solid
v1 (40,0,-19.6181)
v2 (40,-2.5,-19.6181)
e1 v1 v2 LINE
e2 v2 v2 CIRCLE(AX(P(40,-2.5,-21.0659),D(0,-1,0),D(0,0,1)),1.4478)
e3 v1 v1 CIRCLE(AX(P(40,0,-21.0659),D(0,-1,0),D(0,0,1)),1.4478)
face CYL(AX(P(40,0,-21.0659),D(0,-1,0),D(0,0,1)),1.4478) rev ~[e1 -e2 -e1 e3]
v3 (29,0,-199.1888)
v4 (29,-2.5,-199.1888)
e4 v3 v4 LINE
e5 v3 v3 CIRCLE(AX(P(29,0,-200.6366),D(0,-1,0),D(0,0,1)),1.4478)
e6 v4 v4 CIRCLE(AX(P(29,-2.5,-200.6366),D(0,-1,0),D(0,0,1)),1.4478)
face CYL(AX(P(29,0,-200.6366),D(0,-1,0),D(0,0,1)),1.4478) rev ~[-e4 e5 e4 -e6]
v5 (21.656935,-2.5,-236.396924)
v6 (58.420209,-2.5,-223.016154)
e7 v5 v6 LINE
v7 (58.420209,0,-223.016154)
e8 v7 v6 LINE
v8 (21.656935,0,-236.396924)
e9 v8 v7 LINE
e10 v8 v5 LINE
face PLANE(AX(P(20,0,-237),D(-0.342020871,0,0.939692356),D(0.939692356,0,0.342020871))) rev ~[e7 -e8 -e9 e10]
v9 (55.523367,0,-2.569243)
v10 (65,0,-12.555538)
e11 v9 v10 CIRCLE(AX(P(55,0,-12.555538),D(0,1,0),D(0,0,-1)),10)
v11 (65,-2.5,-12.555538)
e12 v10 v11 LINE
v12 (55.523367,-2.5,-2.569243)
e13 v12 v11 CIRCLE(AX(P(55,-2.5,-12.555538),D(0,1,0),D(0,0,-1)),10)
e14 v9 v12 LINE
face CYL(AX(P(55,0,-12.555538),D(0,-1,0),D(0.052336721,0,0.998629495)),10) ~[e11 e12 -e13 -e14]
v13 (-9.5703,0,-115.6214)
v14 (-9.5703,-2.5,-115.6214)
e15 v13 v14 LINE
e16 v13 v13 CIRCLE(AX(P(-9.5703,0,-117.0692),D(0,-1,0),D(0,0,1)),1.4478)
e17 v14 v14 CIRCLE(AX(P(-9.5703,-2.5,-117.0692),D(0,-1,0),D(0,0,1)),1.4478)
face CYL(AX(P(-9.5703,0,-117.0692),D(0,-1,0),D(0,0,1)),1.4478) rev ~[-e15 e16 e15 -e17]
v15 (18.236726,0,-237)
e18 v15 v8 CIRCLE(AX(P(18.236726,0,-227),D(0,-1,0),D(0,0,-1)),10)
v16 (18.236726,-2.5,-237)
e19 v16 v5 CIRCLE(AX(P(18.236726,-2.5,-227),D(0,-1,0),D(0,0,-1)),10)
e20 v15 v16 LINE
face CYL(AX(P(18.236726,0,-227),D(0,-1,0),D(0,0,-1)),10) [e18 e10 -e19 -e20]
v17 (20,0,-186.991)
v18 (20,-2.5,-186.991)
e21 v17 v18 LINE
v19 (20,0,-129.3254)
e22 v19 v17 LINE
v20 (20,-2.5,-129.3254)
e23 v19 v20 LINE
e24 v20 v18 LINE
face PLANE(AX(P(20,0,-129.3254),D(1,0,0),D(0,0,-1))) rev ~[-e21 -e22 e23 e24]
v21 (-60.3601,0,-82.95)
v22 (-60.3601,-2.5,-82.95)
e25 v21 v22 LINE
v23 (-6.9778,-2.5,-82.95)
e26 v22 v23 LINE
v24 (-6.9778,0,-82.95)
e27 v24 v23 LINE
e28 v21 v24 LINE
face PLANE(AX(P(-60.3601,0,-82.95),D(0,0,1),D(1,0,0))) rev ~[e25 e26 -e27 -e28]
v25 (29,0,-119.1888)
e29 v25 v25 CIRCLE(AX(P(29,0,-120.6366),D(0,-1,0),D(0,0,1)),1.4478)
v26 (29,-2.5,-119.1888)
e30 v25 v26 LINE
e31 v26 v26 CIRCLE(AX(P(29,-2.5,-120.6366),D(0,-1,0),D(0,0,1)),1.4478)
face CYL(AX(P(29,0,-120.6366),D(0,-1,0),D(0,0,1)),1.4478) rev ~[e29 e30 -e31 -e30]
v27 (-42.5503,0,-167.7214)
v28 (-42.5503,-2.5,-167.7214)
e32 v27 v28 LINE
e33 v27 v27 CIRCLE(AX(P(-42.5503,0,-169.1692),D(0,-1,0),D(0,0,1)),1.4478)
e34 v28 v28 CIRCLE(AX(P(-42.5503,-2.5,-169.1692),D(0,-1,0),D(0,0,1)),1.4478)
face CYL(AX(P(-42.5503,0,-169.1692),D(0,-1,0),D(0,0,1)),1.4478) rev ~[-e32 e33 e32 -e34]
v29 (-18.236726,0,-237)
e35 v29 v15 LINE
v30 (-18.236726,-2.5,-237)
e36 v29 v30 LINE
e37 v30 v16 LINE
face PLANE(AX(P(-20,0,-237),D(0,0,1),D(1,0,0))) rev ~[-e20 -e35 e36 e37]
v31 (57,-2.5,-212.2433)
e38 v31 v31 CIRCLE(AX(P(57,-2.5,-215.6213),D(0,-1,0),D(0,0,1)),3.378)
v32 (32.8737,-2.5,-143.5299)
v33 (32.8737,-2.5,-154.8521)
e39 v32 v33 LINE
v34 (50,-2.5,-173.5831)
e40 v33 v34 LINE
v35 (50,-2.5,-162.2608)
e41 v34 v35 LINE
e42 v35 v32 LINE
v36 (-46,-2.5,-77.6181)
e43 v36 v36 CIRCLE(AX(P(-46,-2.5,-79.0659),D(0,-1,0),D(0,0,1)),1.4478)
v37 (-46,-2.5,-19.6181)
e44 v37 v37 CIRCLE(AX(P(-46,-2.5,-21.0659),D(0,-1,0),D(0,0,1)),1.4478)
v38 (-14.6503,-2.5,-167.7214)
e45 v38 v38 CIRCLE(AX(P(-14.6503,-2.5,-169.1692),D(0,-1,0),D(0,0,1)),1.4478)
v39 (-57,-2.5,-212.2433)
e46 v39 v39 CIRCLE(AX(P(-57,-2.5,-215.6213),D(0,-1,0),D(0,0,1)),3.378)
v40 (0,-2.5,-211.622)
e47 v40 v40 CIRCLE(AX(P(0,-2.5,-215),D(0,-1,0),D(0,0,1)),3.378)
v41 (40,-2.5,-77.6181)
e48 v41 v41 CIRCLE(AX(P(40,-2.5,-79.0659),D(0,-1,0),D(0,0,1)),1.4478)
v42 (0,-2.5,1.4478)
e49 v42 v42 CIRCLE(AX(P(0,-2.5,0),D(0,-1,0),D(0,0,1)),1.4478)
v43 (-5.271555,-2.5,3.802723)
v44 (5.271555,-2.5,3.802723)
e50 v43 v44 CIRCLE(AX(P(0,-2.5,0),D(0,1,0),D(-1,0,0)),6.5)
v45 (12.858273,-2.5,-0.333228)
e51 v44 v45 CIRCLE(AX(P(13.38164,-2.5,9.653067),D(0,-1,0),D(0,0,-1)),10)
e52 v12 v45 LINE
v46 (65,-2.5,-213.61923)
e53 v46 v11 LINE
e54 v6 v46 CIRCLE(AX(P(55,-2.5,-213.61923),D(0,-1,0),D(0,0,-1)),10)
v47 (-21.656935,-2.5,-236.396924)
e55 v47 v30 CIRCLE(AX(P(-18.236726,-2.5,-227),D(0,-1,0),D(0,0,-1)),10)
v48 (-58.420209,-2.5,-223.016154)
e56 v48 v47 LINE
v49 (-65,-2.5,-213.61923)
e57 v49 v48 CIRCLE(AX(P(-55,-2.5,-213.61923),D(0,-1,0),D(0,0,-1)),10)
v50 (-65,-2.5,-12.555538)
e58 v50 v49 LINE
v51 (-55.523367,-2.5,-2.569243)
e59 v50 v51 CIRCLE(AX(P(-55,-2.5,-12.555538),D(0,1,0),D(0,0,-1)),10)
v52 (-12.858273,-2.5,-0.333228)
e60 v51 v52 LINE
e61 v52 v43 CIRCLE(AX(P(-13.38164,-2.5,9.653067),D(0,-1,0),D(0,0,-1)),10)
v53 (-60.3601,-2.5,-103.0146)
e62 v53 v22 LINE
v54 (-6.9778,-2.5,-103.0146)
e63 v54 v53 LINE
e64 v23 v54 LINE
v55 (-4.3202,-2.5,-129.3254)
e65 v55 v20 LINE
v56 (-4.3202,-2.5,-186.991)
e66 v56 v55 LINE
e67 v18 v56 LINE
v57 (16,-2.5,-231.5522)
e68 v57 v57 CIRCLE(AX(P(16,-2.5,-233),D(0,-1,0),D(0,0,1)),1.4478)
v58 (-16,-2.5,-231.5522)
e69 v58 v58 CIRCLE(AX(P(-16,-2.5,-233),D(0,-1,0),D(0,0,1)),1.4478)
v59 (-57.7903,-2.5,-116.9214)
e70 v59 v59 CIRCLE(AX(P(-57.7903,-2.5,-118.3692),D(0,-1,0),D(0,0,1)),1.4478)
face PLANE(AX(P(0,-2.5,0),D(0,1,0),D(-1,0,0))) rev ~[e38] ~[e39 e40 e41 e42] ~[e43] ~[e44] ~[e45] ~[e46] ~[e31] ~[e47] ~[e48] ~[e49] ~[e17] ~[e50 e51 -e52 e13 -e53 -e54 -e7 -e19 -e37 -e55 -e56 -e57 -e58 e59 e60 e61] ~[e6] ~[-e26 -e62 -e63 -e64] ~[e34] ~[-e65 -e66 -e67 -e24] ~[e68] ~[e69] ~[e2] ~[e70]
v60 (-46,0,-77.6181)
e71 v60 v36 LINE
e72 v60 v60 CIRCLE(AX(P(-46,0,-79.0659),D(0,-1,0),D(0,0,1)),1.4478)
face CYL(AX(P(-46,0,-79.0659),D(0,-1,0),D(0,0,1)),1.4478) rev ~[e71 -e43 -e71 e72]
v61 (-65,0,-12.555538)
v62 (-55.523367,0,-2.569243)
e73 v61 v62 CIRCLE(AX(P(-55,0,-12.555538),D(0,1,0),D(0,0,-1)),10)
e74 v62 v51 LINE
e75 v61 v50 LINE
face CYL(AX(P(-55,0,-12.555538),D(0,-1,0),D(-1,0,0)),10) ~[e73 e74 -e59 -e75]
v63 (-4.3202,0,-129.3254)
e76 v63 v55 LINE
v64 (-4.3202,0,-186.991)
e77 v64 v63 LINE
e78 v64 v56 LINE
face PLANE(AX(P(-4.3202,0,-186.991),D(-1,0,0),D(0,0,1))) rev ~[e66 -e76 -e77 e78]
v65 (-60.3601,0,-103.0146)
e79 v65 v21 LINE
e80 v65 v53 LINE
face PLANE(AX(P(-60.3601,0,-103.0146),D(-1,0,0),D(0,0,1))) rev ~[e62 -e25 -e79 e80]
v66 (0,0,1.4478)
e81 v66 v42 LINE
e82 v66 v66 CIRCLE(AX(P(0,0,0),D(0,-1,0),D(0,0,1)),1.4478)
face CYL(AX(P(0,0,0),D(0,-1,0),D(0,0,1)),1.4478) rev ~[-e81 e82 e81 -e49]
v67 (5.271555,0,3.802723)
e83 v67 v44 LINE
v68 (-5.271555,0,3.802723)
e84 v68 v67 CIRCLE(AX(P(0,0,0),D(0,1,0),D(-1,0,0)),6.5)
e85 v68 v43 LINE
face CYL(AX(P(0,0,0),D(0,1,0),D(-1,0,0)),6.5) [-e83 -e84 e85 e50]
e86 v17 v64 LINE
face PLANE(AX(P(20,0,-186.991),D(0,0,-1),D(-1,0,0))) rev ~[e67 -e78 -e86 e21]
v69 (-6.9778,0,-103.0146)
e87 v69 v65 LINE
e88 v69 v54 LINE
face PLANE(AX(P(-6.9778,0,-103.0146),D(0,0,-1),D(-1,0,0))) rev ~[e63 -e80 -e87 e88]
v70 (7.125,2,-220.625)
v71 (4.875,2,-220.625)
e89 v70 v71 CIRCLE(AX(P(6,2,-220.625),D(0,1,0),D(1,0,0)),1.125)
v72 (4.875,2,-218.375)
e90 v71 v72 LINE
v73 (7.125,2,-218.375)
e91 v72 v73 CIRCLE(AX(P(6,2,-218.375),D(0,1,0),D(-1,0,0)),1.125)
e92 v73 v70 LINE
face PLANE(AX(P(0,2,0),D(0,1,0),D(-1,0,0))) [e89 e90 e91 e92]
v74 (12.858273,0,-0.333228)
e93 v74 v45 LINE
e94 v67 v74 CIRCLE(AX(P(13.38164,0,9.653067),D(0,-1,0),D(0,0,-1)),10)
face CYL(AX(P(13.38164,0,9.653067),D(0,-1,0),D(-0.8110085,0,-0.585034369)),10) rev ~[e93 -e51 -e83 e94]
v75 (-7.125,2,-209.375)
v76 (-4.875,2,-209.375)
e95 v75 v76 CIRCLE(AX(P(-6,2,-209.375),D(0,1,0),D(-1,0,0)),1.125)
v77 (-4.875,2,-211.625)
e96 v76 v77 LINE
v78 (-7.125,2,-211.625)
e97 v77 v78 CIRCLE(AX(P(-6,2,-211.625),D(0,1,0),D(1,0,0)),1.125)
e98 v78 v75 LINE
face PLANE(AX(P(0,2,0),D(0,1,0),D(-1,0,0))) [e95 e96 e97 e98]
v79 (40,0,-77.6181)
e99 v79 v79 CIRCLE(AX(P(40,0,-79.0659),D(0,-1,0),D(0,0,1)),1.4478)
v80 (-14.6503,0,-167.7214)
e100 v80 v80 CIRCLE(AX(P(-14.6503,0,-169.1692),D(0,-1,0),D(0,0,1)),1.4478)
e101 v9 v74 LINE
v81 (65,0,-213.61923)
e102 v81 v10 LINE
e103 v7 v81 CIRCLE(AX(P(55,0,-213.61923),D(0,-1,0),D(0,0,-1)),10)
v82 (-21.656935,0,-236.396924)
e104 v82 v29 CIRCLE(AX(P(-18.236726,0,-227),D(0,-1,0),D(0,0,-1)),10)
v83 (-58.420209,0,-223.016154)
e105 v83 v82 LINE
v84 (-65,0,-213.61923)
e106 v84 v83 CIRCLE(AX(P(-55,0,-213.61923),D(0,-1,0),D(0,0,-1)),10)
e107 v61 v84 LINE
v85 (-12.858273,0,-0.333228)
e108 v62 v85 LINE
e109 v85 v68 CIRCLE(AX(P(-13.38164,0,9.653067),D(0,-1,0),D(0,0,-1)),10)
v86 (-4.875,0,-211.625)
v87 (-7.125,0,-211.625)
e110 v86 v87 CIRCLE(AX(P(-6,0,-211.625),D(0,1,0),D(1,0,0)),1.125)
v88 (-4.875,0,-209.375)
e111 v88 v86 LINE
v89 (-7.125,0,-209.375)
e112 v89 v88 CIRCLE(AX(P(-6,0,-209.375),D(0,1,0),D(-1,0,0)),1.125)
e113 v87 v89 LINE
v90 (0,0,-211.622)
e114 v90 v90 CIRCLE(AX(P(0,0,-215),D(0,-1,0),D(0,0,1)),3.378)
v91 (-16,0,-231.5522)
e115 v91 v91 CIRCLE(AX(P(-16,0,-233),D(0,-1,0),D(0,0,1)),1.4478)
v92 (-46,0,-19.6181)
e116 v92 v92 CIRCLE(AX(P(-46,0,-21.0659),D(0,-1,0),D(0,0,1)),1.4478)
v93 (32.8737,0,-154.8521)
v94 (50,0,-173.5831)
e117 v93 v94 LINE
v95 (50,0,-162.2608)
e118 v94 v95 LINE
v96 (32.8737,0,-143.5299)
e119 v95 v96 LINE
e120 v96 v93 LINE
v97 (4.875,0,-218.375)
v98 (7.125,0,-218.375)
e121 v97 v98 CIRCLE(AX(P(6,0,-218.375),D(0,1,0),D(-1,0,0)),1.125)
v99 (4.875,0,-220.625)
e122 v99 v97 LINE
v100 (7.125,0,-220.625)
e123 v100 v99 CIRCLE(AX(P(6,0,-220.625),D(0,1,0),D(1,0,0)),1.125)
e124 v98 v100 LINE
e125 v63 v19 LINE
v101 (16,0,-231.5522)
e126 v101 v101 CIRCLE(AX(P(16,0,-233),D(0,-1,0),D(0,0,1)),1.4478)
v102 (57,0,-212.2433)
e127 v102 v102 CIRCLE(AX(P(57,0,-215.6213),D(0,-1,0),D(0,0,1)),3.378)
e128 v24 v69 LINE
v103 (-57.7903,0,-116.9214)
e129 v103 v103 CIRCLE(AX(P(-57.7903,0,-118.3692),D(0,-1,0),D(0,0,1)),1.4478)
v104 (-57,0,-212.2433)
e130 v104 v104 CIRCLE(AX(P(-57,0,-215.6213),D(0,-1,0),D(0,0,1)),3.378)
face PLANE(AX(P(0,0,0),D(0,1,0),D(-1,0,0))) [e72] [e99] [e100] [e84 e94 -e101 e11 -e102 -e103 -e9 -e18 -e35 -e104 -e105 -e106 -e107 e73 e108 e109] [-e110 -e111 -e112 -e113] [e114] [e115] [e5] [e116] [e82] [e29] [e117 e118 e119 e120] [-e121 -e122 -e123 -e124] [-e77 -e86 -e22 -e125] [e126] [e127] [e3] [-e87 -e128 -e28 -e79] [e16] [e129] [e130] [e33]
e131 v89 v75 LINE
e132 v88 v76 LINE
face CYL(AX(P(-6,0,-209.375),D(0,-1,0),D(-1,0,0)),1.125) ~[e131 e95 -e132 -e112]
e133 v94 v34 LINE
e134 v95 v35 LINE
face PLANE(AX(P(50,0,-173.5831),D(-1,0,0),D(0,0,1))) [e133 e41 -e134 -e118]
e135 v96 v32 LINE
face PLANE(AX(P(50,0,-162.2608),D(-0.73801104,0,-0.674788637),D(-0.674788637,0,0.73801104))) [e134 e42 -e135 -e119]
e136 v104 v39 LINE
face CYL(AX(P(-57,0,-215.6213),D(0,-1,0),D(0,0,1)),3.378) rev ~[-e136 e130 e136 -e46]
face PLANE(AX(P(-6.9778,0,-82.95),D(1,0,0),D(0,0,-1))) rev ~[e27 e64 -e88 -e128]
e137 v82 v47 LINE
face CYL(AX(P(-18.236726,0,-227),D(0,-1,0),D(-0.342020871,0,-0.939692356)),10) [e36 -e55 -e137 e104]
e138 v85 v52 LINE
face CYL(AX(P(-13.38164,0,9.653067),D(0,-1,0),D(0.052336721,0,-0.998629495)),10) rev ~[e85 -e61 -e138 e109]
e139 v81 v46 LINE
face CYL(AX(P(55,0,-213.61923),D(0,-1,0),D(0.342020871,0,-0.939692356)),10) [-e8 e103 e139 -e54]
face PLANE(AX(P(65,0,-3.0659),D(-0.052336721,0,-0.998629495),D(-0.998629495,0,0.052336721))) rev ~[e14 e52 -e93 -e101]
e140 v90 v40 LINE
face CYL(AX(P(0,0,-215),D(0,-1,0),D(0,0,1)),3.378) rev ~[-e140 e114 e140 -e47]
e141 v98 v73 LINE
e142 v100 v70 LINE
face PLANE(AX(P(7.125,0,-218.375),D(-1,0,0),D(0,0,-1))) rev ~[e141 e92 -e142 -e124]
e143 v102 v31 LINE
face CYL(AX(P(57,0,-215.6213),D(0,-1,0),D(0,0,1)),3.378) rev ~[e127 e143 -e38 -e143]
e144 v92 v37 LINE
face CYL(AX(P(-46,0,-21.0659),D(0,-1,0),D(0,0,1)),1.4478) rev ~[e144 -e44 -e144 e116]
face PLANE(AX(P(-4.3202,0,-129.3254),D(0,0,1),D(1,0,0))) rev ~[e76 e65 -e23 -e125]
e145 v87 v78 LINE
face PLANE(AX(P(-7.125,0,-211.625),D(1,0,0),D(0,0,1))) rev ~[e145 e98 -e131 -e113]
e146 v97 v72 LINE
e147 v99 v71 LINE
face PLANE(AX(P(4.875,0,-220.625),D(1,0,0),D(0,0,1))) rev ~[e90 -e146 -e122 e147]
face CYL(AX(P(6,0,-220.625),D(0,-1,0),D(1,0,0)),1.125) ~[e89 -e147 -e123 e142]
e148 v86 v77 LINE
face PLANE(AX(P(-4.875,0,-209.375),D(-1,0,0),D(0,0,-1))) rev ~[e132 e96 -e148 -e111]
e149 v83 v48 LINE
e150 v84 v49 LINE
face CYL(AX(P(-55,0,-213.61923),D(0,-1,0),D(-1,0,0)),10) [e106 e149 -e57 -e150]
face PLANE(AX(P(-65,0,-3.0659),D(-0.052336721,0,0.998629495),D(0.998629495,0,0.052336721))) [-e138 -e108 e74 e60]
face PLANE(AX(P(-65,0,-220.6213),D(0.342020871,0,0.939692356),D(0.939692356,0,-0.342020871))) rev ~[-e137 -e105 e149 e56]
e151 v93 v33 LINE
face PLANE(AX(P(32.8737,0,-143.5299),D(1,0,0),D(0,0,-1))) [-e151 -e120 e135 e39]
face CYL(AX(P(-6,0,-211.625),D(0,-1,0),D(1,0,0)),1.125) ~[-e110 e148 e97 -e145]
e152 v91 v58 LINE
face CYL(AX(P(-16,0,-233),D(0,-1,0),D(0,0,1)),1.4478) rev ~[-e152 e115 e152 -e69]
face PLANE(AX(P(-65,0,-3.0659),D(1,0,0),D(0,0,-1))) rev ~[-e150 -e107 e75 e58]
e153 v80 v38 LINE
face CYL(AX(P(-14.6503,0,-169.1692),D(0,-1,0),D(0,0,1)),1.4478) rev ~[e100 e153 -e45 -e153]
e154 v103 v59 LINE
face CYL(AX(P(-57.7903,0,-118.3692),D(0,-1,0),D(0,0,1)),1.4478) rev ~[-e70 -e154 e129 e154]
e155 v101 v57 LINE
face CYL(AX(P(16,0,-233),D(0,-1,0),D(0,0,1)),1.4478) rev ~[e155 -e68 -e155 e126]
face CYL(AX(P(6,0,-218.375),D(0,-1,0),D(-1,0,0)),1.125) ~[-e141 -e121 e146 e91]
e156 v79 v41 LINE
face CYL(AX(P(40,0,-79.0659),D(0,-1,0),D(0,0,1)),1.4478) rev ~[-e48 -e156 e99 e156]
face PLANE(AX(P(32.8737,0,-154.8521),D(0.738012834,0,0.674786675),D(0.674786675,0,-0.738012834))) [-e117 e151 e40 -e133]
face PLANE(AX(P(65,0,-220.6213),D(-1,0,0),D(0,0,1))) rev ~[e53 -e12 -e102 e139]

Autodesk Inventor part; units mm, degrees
ref_plane "YZ Plane" through (0, 0, 0) normal (1, 0, 0) x (0, 1, 0)
ref_plane "XZ Plane" through (0, 0, 0) normal (0, 1, 0) x (-1, 0, 0)
ref_plane "XY Plane" through (0, 0, 0) normal (0, 0, 1) x (1, 0, 0)
sketch "Sketch2" plane through (0, 0, 0) normal (0, 1, 0) x (-1, 0, 0)
  line L0 (60, -21.0659) -> (-26, -21.0659) construction
  line L1 (-26, -21.0659) -> (-26, -79.0659) construction
  line L2 (-26, -79.0659) -> (60, -79.0659) construction
  line L3 (60, -79.0659) -> (60, -21.0659) construction
  line L4 (-41.5, -22.5659) -> (-60.5, -22.5659) construction
  line L5 (-60.5, -22.5659) -> (-60.5, -78.5659) construction
  line L6 (-60.5, -78.5659) -> (-41.5, -78.5659) construction
  line L7 (-41.5, -78.5659) -> (-41.5, -22.5659) construction
  line L8 (46, -21.0659) -> (-40, -21.0659) construction
  line L9 (-40, -21.0659) -> (-40, -79.0659) construction
  line L10 (-40, -79.0659) -> (46, -79.0659) construction
  line L11 (46, -79.0659) -> (46, -21.0659) construction
  line L12 (-29, -120.6366) -> (-29, -200.6366) construction
  line L13 (65, -3.0659) -> (65, -220.6213)
  line L14 (65, -220.6213) -> (20, -237)
  line L15 (20, -237) -> (-20, -237)
  line L16 (-20, -237) -> (-65, -220.6213)
  line L17 (-65, -220.6213) -> (-65, -3.0659)
  line L18 (65, -3.0659) -> (6.5, 0)
  line L19 (-65, -3.0659) -> (-6.5, 0)
  arc A0 (6.5, 0) -> (-6.5, 0) centre (0, 0) ccw
  line L20 (16, -233) -> (-16, -233) construction
  line L21 (6.5, 0) -> (-6.5, 0) construction
  line L22 (-32.8737, -143.5299) -> (-32.8737, -154.8521)
  line L23 (-32.8737, -154.8521) -> (-50, -173.5831)
  line L24 (-50, -173.5831) -> (-50, -162.2608)
  line L25 (-50, -162.2608) -> (-32.8737, -143.5299)
  line L26 (4.3202, -129.3254) -> (-20, -129.3254)
  line L27 (-20, -129.3254) -> (-20, -186.991)
  line L28 (-20, -186.991) -> (4.3202, -186.991)
  line L29 (4.3202, -186.991) -> (4.3202, -129.3254)
  line L30 (64, -4.0659) -> (-36, -4.0659) construction
  line L31 (-36, -4.0659) -> (-36, -83.0659) construction
  line L32 (-36, -83.0659) -> (64, -83.0659) construction
  line L33 (64, -83.0659) -> (64, -4.0659) construction
  line L34 (50, -4.0659) -> (-50, -4.0659) construction
  line L35 (-50, -4.0659) -> (-50, -83.0659) construction
  line L36 (-50, -83.0659) -> (50, -83.0659) construction
  line L37 (50, -83.0659) -> (50, -4.0659) construction
  line L38 (57, -215.6213) -> (-57, -215.6213) construction
  line L39 (42.5503, -169.1692) -> (14.6503, -169.1692) construction
  line L40 (60.3703, -103.0992) -> (7.0303, -103.0992) construction
  line L41 (7.0303, -103.0992) -> (7.0303, -204.6992) construction
  line L42 (7.0303, -204.6992) -> (60.3703, -204.6992) construction
  line L43 (60.3703, -204.6992) -> (60.3703, -103.0992) construction
  line L44 (60.3601, -82.95) -> (6.9778, -82.95)
  line L45 (6.9778, -82.95) -> (6.9778, -103.0146)
  line L46 (6.9778, -103.0146) -> (60.3601, -103.0146)
  line L47 (60.3601, -103.0146) -> (60.3601, -82.95)
  line L48 (6, -209.375) -> (6, -211.625) construction
  line L49 (4.875, -209.375) -> (4.875, -211.625)
  line L50 (7.125, -211.625) -> (7.125, -209.375)
  arc A1 (7.125, -209.375) -> (4.875, -209.375) centre (6, -209.375) ccw
  arc A2 (4.875, -211.625) -> (7.125, -211.625) centre (6, -211.625) ccw
  line L51 (-6, -218.375) -> (-6, -220.625) construction
  line L52 (-7.125, -218.375) -> (-7.125, -220.625)
  line L53 (-4.875, -220.625) -> (-4.875, -218.375)
  arc A3 (-4.875, -218.375) -> (-7.125, -218.375) centre (-6, -218.375) ccw
  arc A4 (-7.125, -220.625) -> (-4.875, -220.625) centre (-6, -220.625) ccw
  point P0 (0, -215)
  point P1 (57.7903, -118.3692)
  point P2 (9.5703, -117.0692)
  point P3 (6, -210.5)
  point P4 (-6, -219.5)
  dimension "d0" = 130
  dimension "d1" = 32
  dimension "d4" = 65
  dimension "d5" = 0
  dimension "d6" = 6.5
  dimension "d7" = 93
  dimension "d8" = 93
  dimension "d9" = 4
  dimension "d11" = 237
  dimension "d12" = 160
  dimension "d14" = 86
  dimension "d15" = 86
  dimension "d16" = 58
  dimension "d17" = 4
  dimension "d18" = 4
  dimension "d19" = 4
  dimension "d20" = 100
  dimension "d21" = 100
  dimension "d22" = 79
  dimension "d23" = 50
  dimension "d24" = 19
  dimension "d25" = 56
  dimension "d26" = 15.5
  dimension "d27" = 1.5
  dimension "d28" = 40
  dimension "d29" = 20
  dimension "d30" = 4
  dimension "d31" = 160
  dimension "d32" = 80
  dimension "d33" = 36
  dimension "d34" = 0
  dimension "d35" = 22
  dimension "d36" = 1
  dimension "d37" = 1
  dimension "d38" = 27.9
  dimension "d39" = 1.3
  dimension "d40" = 50.8
  dimension "d41" = 15.24
  dimension "d42" = 5.08
  dimension "d43" = 13.97
  dimension "d44" = 101.6
  dimension "d45" = 2.54
  dimension "d46" = 53.34
  dimension "d78" = 8
  dimension "d79" = 8
  dimension "d80" = 5
  dimension "d81" = 2.25
  dimension "d82" = 2.25
  dimension "d83" = 2.25
  dimension "d84" = 2.25
  dimension "d85" = 12
  dimension "d86" = 6
  dimension "d87" = 9
  dimension "d88" = 4.5
extrude "Extrusion1" add sketch "Sketch2" against normal blind 2.5 contours L13 L14 L15 L16 L17 L19 A0 L18 | A1 L50 A2 L49 | A3 L53 A4 L52
hole "Hole1" at (0, 0, 0) at (-16, 0, -233) at (16, 0, -233) at (29, 0, -120.6366) at (29, 0, -200.6366) at (-57.7903, 0, -118.3692) at (-9.5703, 0, -117.0692) at (-14.6503, 0, -169.1692) at (-42.5503, 0, -169.1692) direction (0, -1, 0) diameter 2.8956 depth 2.5 clearance for "Flat Head Machine Screw" size "M2.5" standard "Ansi Metric M Profile"
hole "Hole2" at (-57, 0, -215.6213) at (0, 0, -215) at (57, 0, -215.6213) direction (0, -1, 0) diameter 6.756 depth 2.5 clearance for "Flat Head Machine Screw (82)" size "1/4" standard "Ansi Unified Screw Threads"
hole "Jetson-only" at (-46, 0, -21.0659) at (-46, 0, -79.0659) at (40, 0, -79.0659) at (40, 0, -21.0659) direction (0, -1, 0) diameter 2.8956 depth 2.5 clearance for "Flat Head Machine Screw" size "M2.5" standard "Ansi Metric M Profile"
hole "Jetson + PCA 9685" [suppressed]
fillet "Fillet1" radius 10 8 edges at (-65, -1.25, -220.6213) (-20, -1.25, -237) (20, -1.25, -237) (65, -1.25, -220.6213) (65, -1.25, -3.0659) (6.5, -1.25, 0) (-6.5, -1.25, 0) (-65, -1.25, -3.0659)
extrude "Extrusion2" add sketch "Sketch2" along normal blind 2 contours A1 L50 A2 L49 | A3 L53 A4 L52
equation "\"d4\" = 0.5 * d0"
equation "\"d15\" = d14"
equation "\"d17\" = d18"
equation "\"d19\" = d17"
equation "\"d21\" = d20"
equation "\"d23\" = 0.5 * d21"
properties part number "chassis_plate_v7"
